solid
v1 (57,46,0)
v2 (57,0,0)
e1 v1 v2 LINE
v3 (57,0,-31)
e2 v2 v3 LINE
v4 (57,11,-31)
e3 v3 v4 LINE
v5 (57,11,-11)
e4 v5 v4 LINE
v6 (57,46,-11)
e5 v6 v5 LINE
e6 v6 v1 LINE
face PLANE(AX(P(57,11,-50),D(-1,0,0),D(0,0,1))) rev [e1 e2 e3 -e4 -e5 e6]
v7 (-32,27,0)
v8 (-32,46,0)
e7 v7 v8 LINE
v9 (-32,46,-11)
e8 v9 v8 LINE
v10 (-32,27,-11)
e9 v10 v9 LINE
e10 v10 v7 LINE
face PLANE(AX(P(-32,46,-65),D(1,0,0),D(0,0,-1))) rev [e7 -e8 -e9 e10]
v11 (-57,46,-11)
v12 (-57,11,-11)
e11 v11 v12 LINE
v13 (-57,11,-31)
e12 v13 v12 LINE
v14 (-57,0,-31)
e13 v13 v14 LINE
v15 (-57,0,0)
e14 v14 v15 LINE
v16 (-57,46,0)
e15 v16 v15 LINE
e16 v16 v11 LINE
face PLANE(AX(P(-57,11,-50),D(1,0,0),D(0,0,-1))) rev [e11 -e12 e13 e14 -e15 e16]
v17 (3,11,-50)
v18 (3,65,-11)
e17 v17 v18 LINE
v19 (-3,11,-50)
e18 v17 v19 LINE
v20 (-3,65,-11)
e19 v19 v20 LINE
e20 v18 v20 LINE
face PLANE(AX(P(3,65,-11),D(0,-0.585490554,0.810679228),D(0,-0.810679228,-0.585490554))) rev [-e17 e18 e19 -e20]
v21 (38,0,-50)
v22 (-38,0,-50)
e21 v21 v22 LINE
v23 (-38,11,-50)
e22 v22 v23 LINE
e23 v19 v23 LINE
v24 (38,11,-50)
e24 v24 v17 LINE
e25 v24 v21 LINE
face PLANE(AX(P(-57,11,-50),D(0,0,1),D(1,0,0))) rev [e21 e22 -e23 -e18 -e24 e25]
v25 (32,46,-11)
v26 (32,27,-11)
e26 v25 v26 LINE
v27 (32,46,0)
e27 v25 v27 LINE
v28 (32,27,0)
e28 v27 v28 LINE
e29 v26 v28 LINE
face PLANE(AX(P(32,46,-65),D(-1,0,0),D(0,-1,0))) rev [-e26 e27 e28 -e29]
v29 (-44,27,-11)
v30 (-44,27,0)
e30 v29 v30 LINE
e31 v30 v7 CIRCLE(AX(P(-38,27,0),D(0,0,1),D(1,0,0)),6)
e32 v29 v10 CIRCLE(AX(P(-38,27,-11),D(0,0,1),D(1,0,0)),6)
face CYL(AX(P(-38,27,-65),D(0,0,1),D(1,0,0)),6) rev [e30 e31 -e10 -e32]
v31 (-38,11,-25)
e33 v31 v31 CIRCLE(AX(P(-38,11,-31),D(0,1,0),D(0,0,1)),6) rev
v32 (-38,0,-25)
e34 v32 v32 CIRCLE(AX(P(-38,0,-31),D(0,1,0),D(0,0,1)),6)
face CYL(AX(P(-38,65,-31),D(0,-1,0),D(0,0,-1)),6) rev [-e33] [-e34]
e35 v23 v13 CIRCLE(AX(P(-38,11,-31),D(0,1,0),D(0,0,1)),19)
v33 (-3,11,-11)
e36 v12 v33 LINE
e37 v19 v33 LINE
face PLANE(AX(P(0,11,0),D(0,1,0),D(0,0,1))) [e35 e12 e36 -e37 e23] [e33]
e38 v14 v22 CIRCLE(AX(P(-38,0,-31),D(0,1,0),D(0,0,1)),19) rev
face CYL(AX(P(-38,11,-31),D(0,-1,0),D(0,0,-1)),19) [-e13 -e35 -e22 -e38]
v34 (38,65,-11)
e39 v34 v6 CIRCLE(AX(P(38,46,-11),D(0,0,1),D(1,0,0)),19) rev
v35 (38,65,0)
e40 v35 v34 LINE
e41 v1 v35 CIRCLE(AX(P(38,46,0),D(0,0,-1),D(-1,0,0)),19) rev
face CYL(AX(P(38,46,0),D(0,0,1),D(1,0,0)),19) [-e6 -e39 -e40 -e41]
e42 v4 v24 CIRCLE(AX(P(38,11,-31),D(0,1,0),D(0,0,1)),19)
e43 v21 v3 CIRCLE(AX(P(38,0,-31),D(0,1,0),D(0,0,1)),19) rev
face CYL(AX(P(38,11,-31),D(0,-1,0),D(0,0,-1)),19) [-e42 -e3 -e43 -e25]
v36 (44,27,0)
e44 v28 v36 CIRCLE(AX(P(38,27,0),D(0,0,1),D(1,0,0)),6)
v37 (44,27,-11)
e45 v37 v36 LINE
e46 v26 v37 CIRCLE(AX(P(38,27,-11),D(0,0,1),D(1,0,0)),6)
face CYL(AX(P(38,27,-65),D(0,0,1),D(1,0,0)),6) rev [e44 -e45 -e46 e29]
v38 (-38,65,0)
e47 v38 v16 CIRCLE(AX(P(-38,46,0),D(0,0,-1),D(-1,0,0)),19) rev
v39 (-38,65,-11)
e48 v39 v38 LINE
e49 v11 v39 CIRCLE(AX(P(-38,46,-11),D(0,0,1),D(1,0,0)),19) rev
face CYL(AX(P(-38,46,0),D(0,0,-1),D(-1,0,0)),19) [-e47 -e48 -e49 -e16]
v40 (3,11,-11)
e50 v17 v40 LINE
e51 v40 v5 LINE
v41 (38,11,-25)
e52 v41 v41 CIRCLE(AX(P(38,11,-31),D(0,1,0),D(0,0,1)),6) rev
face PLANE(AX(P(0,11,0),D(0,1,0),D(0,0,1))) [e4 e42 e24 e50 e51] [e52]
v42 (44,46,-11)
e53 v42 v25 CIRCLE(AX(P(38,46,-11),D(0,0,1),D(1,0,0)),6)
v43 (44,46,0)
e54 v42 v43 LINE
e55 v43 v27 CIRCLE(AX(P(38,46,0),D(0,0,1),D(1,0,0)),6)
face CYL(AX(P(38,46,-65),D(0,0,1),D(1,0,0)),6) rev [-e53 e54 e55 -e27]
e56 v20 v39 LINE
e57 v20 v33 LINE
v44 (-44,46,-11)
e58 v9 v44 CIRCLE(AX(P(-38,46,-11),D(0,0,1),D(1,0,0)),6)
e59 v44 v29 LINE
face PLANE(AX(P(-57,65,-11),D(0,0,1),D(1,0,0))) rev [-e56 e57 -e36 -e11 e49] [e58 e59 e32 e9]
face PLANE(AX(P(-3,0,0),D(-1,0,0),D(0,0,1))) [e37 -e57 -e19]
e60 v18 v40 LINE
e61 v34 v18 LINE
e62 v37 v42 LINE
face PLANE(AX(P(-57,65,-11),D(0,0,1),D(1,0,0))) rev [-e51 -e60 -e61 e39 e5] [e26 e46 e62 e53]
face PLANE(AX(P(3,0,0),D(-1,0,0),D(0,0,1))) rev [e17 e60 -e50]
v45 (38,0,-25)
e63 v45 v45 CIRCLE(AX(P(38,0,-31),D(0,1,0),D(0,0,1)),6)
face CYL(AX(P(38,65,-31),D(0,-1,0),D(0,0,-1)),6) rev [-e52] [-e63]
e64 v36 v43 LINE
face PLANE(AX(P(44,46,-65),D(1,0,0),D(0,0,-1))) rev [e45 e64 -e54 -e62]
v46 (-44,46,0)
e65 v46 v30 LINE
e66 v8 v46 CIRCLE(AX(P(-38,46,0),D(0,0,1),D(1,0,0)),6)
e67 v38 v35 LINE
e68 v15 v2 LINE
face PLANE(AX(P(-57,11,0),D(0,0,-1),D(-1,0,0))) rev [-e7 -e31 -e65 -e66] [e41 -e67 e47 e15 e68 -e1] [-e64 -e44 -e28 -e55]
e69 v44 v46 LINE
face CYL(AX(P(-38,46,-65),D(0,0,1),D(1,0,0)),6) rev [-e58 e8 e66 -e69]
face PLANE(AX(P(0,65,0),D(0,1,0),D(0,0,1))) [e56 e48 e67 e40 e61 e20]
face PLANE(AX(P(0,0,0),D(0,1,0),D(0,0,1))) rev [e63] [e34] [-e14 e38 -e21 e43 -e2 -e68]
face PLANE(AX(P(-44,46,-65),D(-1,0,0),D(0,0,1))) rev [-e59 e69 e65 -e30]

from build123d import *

# Parameters (mm, degrees)
SKETCH_2_W          = 114
SKETCH_2_H          = 50
EXTRUDE_1_DEPTH     = 11
FILLET_1_R          = 19
SKETCH_3_W          = 114
SKETCH_3_H          = 11
EXTRUDE_2_DEPTH     = 65
FILLET_2_R          = 19
SKETCH_4_R          = 6
CUT_EXTRUDE_1_DEPTH = 66
CUT_EXTRUDE_3_DEPTH = 65
EXTRUDE_3_DEPTH     = 3


with BuildPart() as part:
    # 스케치2 → 보스-돌출1 (new body)
    with BuildSketch(Plane(origin=(0, 0, 0), x_dir=(1, 0, 0), z_dir=(0, 1, 0))):
        with Locations((0, 25)):
            Rectangle(SKETCH_2_W, SKETCH_2_H)
    extrude(amount=EXTRUDE_1_DEPTH)

    # 필렛1
    fillet_1_edges = [part.edges().sort_by_distance(p)[0] for p in [
        (-57, 5.5, -50),
        (57, 5.5, -50),
    ]]
    fillet(fillet_1_edges, radius=FILLET_1_R)

    # 스케치3 → 보스-돌출2 (add)
    with BuildSketch(Plane(origin=(0, 0, 0), x_dir=(1, 0, 0), z_dir=(0, 1, 0))):
        with Locations((0, 5.5)):
            Rectangle(SKETCH_3_W, SKETCH_3_H)
    extrude(amount=EXTRUDE_2_DEPTH)

    # 필렛2
    fillet_2_edges = [part.edges().sort_by_distance(p)[0] for p in [
        (57, 65, -5.5),
        (-57, 65, -5.5),
    ]]
    fillet(fillet_2_edges, radius=FILLET_2_R)

    # 스케치4 → 컷-돌출1 (cut, through all)
    with BuildSketch(Plane(origin=(0, 0, 0), x_dir=(1, 0, 0), z_dir=(0, 1, 0))):
        with Locations((-38, 31)):
            Circle(SKETCH_4_R)
        with Locations((38, 31)):
            Circle(SKETCH_4_R)
    extrude(amount=CUT_EXTRUDE_1_DEPTH, mode=Mode.SUBTRACT)

    # 스케치5 → 컷-돌출3 (cut)
    with BuildSketch(Plane.XY):
        with BuildLine():
            Line((-44, 46), (-44, 27))
            ThreePointArc((-44, 27), (-38, 21), (-32, 27))
            Line((-32, 27), (-32, 46))
            ThreePointArc((-32, 46), (-38, 52), (-44, 46))
        make_face()
        with BuildLine():
            Line((32, 46), (32, 27))
            ThreePointArc((32, 27), (38, 21), (44, 27))
            Line((44, 27), (44, 46))
            ThreePointArc((44, 46), (38, 52), (32, 46))
        make_face()
    extrude(amount=-CUT_EXTRUDE_3_DEPTH, mode=Mode.SUBTRACT)

    # 스케치9 → 보스-돌출3 (add, symmetric)
    with BuildSketch(Plane(origin=(0, 0, 0), x_dir=(0, 0, -1), z_dir=(1, 0, 0))):
        Polygon((0, 65), (11, 65), (50, 11), (50, 0), (0, 0), align=None)
    extrude(amount=EXTRUDE_3_DEPTH, both=True)


solid = part.part
